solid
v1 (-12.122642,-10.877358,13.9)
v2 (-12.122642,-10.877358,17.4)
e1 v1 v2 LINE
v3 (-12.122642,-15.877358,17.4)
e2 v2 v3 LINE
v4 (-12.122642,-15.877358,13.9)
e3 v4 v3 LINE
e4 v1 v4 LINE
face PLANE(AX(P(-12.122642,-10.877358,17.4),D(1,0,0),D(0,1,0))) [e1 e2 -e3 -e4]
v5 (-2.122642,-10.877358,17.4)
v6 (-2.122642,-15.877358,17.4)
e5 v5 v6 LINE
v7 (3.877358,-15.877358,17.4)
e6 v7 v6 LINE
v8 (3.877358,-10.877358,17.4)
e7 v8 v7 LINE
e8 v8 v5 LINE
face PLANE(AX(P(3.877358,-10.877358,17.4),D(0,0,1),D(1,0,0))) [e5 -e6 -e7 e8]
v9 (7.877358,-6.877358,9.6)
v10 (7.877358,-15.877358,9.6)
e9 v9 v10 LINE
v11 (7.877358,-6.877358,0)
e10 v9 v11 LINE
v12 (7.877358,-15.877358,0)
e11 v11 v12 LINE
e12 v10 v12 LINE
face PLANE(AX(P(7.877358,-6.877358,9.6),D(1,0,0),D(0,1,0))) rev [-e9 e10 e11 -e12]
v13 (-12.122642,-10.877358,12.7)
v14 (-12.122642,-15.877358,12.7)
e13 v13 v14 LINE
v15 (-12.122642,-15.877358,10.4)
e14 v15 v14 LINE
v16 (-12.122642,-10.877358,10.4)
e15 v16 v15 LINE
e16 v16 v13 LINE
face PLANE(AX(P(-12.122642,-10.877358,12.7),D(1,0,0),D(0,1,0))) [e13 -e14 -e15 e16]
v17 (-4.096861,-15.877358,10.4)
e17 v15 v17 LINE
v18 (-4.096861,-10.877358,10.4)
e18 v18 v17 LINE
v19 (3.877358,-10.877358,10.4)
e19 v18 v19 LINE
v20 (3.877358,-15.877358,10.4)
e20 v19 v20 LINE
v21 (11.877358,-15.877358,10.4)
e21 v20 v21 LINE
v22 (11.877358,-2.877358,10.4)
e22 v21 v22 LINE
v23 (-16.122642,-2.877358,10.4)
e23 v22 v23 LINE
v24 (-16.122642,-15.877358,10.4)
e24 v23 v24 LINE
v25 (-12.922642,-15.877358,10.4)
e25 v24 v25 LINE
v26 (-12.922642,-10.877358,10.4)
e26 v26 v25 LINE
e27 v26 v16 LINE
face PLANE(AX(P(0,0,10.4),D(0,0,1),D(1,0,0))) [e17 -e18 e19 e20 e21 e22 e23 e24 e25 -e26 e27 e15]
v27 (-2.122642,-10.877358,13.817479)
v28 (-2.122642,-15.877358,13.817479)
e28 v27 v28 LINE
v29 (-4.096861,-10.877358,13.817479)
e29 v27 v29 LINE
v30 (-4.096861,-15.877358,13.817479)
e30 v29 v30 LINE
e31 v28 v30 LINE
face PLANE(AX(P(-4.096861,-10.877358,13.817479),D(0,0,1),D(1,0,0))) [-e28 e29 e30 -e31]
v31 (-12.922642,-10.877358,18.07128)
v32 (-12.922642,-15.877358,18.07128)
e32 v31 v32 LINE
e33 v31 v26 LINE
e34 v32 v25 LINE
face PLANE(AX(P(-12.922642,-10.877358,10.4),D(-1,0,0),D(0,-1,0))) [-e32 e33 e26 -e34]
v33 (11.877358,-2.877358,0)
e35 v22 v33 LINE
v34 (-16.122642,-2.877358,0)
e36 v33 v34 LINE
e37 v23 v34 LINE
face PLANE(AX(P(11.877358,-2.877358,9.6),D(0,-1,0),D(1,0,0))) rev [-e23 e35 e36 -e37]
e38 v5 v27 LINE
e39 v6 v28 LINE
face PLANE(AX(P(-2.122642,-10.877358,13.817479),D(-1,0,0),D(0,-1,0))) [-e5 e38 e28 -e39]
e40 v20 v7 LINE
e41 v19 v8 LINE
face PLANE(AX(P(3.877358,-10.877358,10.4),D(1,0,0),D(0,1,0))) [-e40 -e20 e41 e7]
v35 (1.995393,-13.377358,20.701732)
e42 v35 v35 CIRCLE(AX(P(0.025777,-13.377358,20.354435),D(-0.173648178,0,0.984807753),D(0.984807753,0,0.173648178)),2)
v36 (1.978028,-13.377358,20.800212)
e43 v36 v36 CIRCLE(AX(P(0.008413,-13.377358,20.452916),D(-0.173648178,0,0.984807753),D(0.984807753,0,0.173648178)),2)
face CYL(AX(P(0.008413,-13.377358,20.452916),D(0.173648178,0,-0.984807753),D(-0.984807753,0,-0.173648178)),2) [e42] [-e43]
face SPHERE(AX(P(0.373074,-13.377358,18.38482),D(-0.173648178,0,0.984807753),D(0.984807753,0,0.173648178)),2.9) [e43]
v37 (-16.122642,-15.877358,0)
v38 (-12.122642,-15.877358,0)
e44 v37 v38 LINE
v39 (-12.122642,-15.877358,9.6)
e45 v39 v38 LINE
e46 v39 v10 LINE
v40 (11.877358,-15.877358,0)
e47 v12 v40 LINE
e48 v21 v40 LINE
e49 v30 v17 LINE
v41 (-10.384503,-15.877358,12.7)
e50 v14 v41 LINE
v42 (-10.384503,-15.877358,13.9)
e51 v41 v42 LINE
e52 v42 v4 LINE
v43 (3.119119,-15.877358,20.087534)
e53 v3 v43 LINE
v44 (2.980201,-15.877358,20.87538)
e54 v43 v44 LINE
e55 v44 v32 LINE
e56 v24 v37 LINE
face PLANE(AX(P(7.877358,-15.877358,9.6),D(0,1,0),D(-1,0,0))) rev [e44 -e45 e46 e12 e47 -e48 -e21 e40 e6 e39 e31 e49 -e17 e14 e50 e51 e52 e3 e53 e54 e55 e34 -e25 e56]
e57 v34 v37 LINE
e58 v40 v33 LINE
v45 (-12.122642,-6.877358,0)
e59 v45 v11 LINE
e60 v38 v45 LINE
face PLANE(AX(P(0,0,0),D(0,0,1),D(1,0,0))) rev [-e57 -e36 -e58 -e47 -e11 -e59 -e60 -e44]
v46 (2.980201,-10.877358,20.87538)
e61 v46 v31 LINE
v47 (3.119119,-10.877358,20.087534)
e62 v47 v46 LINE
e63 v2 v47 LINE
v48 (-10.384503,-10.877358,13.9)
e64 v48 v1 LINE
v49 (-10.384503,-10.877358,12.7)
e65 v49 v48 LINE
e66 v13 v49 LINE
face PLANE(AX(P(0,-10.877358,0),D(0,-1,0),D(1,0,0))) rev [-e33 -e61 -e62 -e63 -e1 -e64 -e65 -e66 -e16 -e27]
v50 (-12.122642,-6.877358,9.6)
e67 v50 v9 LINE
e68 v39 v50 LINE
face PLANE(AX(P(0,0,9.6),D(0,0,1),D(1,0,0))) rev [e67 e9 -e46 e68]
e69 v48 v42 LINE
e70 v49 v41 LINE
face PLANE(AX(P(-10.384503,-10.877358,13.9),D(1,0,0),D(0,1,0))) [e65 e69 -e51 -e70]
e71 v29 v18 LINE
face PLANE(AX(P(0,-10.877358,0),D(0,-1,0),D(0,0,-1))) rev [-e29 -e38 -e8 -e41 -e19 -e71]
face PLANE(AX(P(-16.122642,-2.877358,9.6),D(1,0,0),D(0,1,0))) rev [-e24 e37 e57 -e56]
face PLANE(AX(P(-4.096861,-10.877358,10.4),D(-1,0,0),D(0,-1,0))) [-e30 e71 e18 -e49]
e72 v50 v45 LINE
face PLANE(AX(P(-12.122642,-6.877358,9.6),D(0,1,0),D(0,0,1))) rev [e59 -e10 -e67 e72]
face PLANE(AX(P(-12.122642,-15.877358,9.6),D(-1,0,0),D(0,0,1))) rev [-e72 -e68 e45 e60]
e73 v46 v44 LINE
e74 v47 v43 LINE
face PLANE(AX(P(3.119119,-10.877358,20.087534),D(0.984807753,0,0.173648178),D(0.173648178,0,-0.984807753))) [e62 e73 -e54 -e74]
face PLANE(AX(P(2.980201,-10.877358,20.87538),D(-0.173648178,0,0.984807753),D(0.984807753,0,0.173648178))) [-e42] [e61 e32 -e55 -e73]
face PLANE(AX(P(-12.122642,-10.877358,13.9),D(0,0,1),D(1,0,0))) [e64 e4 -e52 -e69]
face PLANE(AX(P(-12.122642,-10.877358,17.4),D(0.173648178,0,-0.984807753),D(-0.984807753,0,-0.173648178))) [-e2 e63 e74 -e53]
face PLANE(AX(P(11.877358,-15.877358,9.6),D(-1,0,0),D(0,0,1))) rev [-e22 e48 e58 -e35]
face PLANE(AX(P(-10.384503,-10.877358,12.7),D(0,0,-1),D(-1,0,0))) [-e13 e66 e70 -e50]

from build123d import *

# Parameters (mm, degrees)
BOSS_EXTRUDE1_DEPTH = 9.6
SKETCH2_W           = 28
SKETCH2_H           = 13
BOSS_EXTRUDE2_DEPTH = 0.8
BOSS_EXTRUDE3_DEPTH = 5
SKETCH4_R           = 2
BOSS_EXTRUDE4_DEPTH = 0.1
DOME1_FACE_RADIUS   = 2
DOME1_HEIGHT        = 0.8


with BuildPart() as part:
    # Sketch1 → Boss-Extrude1 (new body)
    with BuildSketch(Plane.XY):
        Polygon((-16.122641509, -15.877358491), (-12.122641509, -15.877358491), (-12.122641509, -6.877358491), (7.877358491, -6.877358491), (7.877358491, -15.877358491), (11.877358491, -15.877358491), (11.877358491, -2.877358491), (-16.122641509, -2.877358491), align=None)
    extrude(amount=BOSS_EXTRUDE1_DEPTH)

    # Sketch2 → Boss-Extrude2 (add)
    with BuildSketch(Plane.XY.offset(9.6)):
        with Locations((-2.122641509, -9.377358491)):
            Rectangle(SKETCH2_W, SKETCH2_H)
    extrude(amount=BOSS_EXTRUDE2_DEPTH)

    # Sketch3 → Boss-Extrude3 (add)
    with BuildSketch(Plane.XZ.offset(15.877358491)):
        Polygon((-4.096861334, 10.4), (3.877358491, 10.4), (3.877358491, 17.4), (-2.122641509, 17.4), (-2.122641509, 13.817479277), (-4.096861334, 13.817479277), align=None)
        Polygon((-12.122641509, 17.4), (3.119119142, 20.087533636), (2.9802006, 20.875379839), (-12.922641509, 18.071279705), (-12.922641509, 13.961837911), (-12.922641509, 10.4), (-12.122641509, 10.4), (-12.122641509, 12.7), (-10.384503435, 12.7), (-10.384503435, 13.9), (-12.122641509, 13.9), align=None)
    extrude(amount=-BOSS_EXTRUDE3_DEPTH)

    # Sketch4 → Boss-Extrude4 (add)
    with BuildSketch(Plane(origin=(-3.480036158, 0, 19.736265797), x_dir=(0.9848077530122085, 0, 0.17364817766692794), z_dir=(-0.17364817766692794, 0, 0.9848077530122085))):
        with Locations((3.559896323, -13.377358491)):
            Circle(SKETCH4_R)
    extrude(amount=BOSS_EXTRUDE4_DEPTH)

    # Dome1: a dome of height H over a round flat face of radius A is a cap of a sphere of radius (A * A + H * H) / (2 * H)
    dome1_r = (DOME1_FACE_RADIUS * DOME1_FACE_RADIUS + DOME1_HEIGHT * DOME1_HEIGHT) / (2 * DOME1_HEIGHT)
    dome1_base = Plane((0.008412523, -13.377358491, 20.452916081), z_dir=(-0.173648177667, 0, 0.984807753012))
    with Locations(dome1_base.offset(DOME1_HEIGHT - dome1_r)):
        dome1_ball = Sphere(dome1_r, mode=Mode.PRIVATE)
    add(split(dome1_ball, bisect_by=dome1_base, keep=Keep.TOP, mode=Mode.PRIVATE))


solid = part.part
